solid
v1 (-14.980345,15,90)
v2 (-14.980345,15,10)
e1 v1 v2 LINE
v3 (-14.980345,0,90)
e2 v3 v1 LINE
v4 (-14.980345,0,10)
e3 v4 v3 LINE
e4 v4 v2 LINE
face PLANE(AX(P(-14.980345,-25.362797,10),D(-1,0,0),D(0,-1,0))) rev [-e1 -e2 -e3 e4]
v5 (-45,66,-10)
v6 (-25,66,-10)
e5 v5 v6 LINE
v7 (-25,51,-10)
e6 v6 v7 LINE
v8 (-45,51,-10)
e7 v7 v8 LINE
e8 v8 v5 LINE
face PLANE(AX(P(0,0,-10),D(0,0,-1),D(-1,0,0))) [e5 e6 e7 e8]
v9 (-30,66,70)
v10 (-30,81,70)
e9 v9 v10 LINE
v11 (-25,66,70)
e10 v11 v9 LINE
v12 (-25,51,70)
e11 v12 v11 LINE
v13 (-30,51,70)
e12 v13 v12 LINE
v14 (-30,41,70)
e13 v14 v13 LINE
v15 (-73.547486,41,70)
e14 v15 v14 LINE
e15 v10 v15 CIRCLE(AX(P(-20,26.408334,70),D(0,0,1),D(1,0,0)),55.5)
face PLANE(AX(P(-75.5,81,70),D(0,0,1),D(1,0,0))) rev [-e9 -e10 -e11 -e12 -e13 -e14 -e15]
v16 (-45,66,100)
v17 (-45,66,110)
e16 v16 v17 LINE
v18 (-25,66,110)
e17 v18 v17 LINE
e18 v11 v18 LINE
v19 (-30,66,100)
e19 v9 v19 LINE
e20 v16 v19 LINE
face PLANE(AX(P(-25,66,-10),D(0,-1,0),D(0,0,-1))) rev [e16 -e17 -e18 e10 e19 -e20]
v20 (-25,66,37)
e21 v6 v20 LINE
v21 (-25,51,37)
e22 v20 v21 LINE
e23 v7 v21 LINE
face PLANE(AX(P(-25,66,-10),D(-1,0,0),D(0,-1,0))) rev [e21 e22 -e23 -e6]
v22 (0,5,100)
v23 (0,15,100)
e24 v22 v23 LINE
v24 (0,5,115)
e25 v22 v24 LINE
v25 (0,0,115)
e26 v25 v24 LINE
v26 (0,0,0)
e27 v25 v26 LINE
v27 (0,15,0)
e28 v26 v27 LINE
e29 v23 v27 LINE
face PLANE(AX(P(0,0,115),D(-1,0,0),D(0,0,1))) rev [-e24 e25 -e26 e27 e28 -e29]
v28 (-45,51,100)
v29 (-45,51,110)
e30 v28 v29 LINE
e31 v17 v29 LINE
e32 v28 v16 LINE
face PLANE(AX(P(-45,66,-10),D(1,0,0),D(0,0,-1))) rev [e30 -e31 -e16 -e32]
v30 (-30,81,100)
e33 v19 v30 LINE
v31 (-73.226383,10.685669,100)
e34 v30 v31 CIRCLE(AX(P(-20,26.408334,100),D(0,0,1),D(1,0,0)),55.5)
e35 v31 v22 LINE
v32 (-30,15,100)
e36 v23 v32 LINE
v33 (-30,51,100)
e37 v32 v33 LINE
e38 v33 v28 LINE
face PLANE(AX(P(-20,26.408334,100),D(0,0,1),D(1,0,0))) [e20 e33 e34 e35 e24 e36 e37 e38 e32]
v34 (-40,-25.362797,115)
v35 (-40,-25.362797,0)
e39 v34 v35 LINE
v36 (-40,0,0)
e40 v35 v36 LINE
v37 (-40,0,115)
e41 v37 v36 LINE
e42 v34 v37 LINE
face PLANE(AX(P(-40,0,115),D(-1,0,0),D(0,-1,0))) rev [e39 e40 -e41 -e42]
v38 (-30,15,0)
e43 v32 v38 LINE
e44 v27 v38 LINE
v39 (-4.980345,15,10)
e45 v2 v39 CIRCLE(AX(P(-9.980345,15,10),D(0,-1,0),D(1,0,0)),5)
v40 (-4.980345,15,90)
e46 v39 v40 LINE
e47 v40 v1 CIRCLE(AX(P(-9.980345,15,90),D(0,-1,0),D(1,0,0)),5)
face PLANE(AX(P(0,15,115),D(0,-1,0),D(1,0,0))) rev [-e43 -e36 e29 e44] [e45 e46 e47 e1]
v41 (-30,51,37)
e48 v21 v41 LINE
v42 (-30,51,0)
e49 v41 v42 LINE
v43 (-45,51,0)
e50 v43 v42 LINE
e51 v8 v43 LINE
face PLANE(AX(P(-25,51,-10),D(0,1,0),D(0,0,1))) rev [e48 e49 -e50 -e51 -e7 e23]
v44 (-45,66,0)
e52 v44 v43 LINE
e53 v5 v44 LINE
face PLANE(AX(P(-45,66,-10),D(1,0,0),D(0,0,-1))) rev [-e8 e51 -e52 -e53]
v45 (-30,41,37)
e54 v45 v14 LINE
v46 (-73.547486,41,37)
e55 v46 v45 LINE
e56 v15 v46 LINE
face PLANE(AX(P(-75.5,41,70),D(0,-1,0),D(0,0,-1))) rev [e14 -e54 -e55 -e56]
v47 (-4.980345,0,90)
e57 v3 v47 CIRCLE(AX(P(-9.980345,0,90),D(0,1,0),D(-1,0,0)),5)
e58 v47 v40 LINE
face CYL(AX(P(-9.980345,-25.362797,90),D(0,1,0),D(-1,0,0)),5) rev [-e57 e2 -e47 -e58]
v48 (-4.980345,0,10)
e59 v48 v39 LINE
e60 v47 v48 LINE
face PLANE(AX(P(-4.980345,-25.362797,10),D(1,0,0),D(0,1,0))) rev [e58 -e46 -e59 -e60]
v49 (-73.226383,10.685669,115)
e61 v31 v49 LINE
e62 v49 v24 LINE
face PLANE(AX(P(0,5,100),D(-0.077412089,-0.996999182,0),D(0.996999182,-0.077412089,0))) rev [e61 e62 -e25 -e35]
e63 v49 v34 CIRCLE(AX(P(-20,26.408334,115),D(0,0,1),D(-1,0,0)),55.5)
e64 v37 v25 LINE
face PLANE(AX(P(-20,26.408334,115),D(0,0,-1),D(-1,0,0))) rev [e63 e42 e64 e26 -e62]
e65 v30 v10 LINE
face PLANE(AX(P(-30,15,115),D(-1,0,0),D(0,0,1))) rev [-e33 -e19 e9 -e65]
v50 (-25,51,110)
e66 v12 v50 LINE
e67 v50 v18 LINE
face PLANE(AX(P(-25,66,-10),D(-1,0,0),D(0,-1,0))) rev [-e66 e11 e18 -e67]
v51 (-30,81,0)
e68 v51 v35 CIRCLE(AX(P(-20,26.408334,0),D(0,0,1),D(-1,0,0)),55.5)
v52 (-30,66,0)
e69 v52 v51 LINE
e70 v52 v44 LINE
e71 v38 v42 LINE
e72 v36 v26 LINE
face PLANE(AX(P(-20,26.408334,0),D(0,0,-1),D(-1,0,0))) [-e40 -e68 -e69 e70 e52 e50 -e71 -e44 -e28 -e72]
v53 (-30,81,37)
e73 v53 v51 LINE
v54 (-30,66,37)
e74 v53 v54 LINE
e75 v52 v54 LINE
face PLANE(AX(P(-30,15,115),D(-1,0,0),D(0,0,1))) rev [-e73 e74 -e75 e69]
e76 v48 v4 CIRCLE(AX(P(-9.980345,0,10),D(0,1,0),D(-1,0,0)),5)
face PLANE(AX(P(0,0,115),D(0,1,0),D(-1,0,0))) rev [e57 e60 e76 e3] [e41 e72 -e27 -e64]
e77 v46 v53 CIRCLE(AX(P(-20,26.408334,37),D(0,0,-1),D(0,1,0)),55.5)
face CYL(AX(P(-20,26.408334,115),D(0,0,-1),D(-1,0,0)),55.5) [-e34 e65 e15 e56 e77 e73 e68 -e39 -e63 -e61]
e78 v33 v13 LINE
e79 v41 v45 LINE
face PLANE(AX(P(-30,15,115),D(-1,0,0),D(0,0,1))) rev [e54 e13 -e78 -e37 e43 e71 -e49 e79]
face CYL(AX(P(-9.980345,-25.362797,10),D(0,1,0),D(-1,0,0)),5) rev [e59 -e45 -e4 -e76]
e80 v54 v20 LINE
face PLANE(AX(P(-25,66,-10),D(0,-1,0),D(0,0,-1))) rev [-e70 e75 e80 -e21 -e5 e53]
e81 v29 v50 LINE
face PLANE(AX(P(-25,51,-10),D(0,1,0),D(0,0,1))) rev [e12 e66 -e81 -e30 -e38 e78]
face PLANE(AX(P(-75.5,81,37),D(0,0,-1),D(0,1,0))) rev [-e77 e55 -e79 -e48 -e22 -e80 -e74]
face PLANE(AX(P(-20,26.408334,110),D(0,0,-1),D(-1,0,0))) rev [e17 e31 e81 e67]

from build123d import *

# Parameters (mm, degrees)
BOSS_EXTRUDE1_DEPTH      = 115
CUT_EXTRUDE1_START       = -15
CUT_EXTRUDE1_DEPTH       = 15
BOSS_EXTRUDE2_DEPTH      = 10
BOSS_EXTRUDE2_DEPTH_BACK = 110
SKETCH3_W                = 20
SKETCH3_H                = 15
CUT_EXTRUDE2_DEPTH       = 148.83859442
CUT_EXTRUDE2_DEPTH_BACK  = 148.83859442
SKETCH4_W                = 33
SKETCH4_H                = 40
CUT_EXTRUDE3_DEPTH       = 153.581945197
CUT_EXTRUDE3_DEPTH_BACK  = 153.581945197


with BuildPart() as part:
    # Sketch1 → Boss-Extrude1 (new body)
    with BuildSketch(Plane.XY):
        with BuildLine():
            Line((0, 0), (-40, 0))
            Line((-40, 0), (-40, -25.362796982))
            ThreePointArc((-40, -25.362796982), (-75.256322222, 31.603413808), (-30, 81))
            Line((-30, 81), (-30, 15))
            Line((-30, 15), (0, 15))
            Line((0, 15), (0, 0))
        make_face()
    extrude(amount=BOSS_EXTRUDE1_DEPTH)

    # Sketch2 → Cut-Extrude1 (cut)
    with BuildSketch(Plane.XY.offset(115).offset(CUT_EXTRUDE1_START)):
        with BuildLine():
            Line((0, 5), (-73.226382592, 10.685668923))
            ThreePointArc((-73.226382592, 10.685668923), (-67.28023004, 55.474290815), (-30, 81))
            Line((-30, 81), (-30, 15))
            Line((-30, 15), (0, 15))
            Line((0, 15), (0, 5))
        make_face()
    extrude(amount=CUT_EXTRUDE1_DEPTH, mode=Mode.SUBTRACT)

    # Sketch3 → Boss-Extrude2 (add, two sides: drawn at the far end of the back side and taken through both)
    with BuildSketch(Plane(origin=(0, 0, 0), x_dir=(-1, 0, 0), z_dir=(0, 0, -1)).offset(-BOSS_EXTRUDE2_DEPTH_BACK)):
        with Locations((35, 58.5)):
            Rectangle(SKETCH3_W, SKETCH3_H)
    extrude(amount=BOSS_EXTRUDE2_DEPTH + BOSS_EXTRUDE2_DEPTH_BACK)

    # Sketch4 → Cut-Extrude2 (cut, two sides: drawn at the far end of the back side and taken through both)
    with BuildSketch(Plane(origin=(-30, 0, 0), x_dir=(0, 0, -1), z_dir=(1, 0, 0)).offset(-CUT_EXTRUDE2_DEPTH_BACK)):
        with Locations((-53.5, 61)):
            Rectangle(SKETCH4_W, SKETCH4_H)
    extrude(amount=CUT_EXTRUDE2_DEPTH + CUT_EXTRUDE2_DEPTH_BACK, mode=Mode.SUBTRACT)

    # Sketch5 → Cut-Extrude3 (cut, two sides: drawn at the far end of the back side and taken through both)
    with BuildSketch(Plane(origin=(0, 15, 0), x_dir=(1, 0, 0), z_dir=(0, 1, 0)).offset(-CUT_EXTRUDE3_DEPTH_BACK)):
        with BuildLine():
            Line((-4.98034548, -10), (-4.98034548, -90))
            ThreePointArc((-4.98034548, -90), (-9.98034548, -95), (-14.98034548, -90))
            Line((-14.98034548, -90), (-14.98034548, -10))
            ThreePointArc((-14.98034548, -10), (-9.98034548, -5), (-4.98034548, -10))
        make_face()
    extrude(amount=CUT_EXTRUDE3_DEPTH + CUT_EXTRUDE3_DEPTH_BACK, mode=Mode.SUBTRACT)


solid = part.part
